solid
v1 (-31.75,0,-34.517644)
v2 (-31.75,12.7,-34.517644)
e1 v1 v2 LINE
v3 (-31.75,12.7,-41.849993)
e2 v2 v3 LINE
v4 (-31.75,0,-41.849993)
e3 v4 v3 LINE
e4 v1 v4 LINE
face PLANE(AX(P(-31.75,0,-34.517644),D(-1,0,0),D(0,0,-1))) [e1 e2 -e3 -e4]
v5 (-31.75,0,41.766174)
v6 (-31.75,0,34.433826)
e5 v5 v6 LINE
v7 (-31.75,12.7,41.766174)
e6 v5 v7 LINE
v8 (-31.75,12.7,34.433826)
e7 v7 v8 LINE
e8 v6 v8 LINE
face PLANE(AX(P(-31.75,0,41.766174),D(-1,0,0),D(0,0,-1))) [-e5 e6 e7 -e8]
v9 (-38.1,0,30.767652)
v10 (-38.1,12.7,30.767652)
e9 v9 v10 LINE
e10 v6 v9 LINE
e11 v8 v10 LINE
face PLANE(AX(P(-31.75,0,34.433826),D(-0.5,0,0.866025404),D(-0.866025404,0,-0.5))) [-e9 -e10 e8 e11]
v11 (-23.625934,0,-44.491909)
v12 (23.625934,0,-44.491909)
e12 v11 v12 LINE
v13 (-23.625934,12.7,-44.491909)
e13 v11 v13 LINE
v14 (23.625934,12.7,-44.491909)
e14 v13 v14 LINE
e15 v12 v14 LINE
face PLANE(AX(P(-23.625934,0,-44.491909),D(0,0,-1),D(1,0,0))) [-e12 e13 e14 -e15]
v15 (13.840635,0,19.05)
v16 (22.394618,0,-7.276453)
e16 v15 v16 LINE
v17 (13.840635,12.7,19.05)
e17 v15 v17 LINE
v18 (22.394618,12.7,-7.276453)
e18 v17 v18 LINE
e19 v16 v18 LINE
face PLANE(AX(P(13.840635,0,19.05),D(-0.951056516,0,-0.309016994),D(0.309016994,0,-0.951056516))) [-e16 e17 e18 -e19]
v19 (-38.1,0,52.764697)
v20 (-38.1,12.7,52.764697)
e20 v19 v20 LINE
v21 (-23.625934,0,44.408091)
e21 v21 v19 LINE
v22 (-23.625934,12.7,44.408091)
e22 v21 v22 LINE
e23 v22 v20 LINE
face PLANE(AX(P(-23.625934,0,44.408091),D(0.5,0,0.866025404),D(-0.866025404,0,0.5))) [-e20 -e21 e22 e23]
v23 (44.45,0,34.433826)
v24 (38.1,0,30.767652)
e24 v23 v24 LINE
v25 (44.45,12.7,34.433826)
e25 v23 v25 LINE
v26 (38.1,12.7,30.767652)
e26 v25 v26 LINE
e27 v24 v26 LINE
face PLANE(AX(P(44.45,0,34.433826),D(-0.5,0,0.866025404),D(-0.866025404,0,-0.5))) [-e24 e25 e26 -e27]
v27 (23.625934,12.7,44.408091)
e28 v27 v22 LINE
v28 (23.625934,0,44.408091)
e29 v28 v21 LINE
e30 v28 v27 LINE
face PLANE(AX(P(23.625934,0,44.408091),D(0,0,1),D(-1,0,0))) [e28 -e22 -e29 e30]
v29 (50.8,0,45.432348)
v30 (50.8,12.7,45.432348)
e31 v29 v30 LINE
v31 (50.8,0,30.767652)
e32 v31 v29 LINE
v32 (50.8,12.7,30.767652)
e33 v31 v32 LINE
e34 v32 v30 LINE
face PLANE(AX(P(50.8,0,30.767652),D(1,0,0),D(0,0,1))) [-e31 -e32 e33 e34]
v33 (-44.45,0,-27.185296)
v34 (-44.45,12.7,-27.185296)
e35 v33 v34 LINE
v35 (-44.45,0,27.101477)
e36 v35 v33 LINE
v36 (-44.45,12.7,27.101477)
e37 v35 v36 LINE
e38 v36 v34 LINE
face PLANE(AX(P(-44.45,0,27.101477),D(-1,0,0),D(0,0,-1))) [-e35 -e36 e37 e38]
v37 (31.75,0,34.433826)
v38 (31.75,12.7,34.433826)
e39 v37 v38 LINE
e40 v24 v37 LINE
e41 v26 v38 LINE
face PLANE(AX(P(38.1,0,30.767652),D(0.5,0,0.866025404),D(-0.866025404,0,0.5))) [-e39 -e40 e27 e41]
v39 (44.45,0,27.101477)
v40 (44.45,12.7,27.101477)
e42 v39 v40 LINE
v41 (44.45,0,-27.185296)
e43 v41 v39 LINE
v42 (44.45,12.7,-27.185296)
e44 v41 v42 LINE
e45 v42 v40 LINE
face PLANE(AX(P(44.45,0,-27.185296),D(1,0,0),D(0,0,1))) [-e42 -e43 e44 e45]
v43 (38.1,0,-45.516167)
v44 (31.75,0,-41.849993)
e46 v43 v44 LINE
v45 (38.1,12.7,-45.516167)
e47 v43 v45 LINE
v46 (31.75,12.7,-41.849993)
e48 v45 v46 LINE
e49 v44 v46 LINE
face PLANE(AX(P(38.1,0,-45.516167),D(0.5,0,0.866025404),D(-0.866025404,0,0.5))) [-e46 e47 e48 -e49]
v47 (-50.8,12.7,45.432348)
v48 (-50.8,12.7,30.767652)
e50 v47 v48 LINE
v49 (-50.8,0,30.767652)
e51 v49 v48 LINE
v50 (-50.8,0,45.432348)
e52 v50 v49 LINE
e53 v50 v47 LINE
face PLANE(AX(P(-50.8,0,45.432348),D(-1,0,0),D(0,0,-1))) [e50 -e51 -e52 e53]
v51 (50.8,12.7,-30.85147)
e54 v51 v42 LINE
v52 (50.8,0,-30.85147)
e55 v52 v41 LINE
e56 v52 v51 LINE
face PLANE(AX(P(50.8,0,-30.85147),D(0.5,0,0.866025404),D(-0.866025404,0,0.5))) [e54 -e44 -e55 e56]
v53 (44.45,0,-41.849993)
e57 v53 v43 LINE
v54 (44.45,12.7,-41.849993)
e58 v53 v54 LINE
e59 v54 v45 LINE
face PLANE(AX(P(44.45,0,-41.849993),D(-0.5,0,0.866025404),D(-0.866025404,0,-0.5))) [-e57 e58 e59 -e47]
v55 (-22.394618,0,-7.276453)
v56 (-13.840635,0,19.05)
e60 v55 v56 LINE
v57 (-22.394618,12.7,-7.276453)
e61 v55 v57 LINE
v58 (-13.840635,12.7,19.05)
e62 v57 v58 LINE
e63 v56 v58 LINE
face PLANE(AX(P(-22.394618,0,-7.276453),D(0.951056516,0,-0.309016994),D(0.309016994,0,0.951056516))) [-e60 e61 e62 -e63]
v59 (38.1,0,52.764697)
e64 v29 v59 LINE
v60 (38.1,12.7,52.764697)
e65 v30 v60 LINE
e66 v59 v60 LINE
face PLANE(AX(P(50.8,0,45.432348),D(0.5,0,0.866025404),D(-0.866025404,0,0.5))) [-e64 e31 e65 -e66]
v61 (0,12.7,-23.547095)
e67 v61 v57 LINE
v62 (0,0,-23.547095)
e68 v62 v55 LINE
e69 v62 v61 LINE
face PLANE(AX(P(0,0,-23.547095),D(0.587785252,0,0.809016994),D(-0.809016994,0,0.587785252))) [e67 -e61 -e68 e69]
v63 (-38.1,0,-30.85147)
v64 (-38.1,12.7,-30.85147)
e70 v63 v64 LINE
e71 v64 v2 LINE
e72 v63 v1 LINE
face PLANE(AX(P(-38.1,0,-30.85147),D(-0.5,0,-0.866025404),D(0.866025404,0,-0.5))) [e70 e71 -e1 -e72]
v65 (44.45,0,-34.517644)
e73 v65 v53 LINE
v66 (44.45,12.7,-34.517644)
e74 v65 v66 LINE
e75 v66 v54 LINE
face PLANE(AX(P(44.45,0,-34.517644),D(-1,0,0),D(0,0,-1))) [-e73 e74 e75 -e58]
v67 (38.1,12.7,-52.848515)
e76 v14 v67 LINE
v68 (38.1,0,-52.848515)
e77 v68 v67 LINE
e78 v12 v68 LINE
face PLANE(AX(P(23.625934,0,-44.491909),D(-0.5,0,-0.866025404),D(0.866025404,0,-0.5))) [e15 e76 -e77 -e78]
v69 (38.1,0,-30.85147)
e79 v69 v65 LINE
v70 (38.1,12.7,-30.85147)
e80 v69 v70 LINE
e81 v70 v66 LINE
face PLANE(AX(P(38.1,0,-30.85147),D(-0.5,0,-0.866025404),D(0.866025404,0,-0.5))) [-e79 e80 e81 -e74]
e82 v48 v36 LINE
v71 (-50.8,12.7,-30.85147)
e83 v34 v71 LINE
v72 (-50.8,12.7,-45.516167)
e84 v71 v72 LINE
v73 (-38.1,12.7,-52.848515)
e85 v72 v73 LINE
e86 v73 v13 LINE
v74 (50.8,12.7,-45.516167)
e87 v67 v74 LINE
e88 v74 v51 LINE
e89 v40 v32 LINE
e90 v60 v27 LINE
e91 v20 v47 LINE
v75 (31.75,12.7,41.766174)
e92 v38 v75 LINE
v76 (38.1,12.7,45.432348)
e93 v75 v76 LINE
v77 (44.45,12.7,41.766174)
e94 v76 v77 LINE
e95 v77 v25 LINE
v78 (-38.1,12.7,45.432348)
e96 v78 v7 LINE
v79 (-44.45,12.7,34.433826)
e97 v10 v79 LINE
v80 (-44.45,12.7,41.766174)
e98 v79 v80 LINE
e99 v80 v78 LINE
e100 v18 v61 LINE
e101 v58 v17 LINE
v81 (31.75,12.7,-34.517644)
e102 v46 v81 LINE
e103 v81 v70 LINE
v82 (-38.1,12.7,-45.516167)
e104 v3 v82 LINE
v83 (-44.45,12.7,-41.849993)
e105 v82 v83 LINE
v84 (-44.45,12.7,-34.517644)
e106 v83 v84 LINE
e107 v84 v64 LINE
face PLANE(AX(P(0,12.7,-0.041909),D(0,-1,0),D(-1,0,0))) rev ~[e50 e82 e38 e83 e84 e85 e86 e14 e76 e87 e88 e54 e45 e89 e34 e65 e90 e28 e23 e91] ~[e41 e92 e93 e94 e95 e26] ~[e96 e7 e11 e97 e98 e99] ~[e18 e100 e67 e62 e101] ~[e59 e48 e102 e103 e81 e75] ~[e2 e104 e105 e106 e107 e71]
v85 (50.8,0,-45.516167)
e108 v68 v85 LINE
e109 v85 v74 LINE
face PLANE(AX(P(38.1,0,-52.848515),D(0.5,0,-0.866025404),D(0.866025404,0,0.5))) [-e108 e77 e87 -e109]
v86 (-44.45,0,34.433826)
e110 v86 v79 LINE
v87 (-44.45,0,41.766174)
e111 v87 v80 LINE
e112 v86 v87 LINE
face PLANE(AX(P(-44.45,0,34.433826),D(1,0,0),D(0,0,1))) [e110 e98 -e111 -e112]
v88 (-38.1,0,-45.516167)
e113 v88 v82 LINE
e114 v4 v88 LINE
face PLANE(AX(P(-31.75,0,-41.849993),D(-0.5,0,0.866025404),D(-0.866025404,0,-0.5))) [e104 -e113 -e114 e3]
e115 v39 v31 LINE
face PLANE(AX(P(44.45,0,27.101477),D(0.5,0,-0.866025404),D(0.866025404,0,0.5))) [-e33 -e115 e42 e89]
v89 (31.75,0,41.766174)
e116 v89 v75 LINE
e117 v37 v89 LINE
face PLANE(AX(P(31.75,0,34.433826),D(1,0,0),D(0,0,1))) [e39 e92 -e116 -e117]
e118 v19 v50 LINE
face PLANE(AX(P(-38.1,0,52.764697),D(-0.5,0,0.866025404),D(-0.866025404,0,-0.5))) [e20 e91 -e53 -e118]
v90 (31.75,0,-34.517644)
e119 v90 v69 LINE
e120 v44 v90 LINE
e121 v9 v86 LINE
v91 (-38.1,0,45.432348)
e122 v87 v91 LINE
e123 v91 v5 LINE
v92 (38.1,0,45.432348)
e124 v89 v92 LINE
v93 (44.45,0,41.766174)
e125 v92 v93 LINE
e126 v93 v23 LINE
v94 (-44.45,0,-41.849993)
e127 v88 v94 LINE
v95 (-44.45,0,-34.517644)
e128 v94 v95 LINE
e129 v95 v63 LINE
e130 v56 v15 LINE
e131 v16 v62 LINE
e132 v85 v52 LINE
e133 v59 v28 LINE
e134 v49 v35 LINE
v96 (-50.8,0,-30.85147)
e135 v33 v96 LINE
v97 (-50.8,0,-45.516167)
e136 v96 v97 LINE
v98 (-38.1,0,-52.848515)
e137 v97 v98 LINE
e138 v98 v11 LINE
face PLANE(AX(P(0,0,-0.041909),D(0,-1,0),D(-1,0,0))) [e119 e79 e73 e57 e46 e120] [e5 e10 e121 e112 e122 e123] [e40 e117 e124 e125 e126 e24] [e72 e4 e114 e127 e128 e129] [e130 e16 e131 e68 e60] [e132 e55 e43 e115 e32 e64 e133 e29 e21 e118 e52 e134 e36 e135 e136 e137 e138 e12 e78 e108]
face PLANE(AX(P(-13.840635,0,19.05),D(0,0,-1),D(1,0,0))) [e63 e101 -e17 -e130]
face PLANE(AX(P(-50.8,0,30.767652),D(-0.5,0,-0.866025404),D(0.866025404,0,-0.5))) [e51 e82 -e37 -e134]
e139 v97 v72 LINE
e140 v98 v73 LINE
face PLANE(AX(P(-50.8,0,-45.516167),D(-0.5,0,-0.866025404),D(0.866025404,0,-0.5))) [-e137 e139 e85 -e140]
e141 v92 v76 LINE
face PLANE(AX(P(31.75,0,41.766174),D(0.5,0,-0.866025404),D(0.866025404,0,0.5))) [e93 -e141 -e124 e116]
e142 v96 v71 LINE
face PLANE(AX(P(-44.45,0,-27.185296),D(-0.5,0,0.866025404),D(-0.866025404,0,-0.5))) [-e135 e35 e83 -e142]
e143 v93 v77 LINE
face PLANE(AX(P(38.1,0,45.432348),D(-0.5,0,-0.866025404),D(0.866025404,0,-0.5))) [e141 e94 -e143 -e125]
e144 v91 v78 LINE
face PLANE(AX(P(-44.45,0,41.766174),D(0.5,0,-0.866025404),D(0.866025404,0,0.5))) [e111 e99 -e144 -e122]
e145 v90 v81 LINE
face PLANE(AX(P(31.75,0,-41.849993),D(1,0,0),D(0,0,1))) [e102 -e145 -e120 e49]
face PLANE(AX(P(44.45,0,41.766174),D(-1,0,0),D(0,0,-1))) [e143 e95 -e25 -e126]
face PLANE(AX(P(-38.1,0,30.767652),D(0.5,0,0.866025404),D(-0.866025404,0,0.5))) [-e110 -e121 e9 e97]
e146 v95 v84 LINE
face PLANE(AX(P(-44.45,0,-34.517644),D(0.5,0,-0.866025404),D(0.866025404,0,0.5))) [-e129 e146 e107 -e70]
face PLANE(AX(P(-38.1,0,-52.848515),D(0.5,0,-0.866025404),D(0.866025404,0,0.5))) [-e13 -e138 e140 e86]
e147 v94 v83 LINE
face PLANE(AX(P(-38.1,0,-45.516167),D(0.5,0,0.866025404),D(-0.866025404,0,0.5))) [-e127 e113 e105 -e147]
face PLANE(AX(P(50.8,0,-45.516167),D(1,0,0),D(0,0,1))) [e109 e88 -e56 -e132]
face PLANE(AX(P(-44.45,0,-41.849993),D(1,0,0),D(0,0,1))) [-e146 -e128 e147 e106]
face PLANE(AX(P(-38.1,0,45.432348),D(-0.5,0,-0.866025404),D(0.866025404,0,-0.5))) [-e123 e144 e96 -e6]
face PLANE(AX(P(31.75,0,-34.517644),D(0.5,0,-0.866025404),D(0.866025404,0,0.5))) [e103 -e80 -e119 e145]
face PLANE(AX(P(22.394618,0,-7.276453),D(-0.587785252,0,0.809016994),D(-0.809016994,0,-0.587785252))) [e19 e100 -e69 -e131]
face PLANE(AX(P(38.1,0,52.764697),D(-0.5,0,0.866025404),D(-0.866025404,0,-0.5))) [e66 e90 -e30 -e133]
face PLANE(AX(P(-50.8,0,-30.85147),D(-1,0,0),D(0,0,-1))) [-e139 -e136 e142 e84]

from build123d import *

# Parameters (mm, degrees)
BOSS_EXTRUDE1_DEPTH = 12.7


with BuildPart() as part:
    # Sketch2 → Boss-Extrude1 (new body)
    with BuildSketch(Plane(origin=(0, 0, 0), x_dir=(1, 0, 0), z_dir=(0, 1, 0))):
        Polygon((-23.625933555, 44.491909321), (23.625933555, 44.491909321), (38.1, 52.84851548), (50.8, 45.516167061), (50.8, 30.851470224), (44.45, 27.185296014), (44.45, -27.101477372), (50.8, -30.767651581), (50.8, -45.432348419), (38.1, -52.764696837), (23.625933555, -44.408090679), (-23.625933555, -44.408090679), (-38.1, -52.764696837), (-50.8, -45.432348419), (-50.8, -30.767651581), (-44.45, -27.101477372), (-44.45, 27.185296014), (-50.8, 30.851470224), (-50.8, 45.516167061), (-38.1, 52.84851548), align=None)
        Polygon((-38.1, 45.516167061), (-44.45, 41.849992852), (-44.45, 34.517644433), (-38.1, 30.851470224), (-31.75, 34.517644433), (-31.75, 41.849992852), align=None, mode=Mode.SUBTRACT)
        Polygon((38.1, 45.516167061), (31.75, 41.849992852), (31.75, 34.517644433), (38.1, 30.851470224), (44.45, 34.517644433), (44.45, 41.849992852), align=None, mode=Mode.SUBTRACT)
        Polygon((-38.1, -30.767651581), (-44.45, -34.433825791), (-44.45, -41.766174209), (-38.1, -45.432348419), (-31.75, -41.766174209), (-31.75, -34.433825791), align=None, mode=Mode.SUBTRACT)
        Polygon((38.1, -30.767651581), (31.75, -34.433825791), (31.75, -41.766174209), (38.1, -45.432348419), (44.45, -41.766174209), (44.45, -34.433825791), align=None, mode=Mode.SUBTRACT)
        Polygon((0, 23.547094971), (-22.394618112, 7.276452514), (-13.840635159, -19.05), (13.840635159, -19.05), (22.394618112, 7.276452514), align=None, mode=Mode.SUBTRACT)
    extrude(amount=BOSS_EXTRUDE1_DEPTH)


solid = part.part
